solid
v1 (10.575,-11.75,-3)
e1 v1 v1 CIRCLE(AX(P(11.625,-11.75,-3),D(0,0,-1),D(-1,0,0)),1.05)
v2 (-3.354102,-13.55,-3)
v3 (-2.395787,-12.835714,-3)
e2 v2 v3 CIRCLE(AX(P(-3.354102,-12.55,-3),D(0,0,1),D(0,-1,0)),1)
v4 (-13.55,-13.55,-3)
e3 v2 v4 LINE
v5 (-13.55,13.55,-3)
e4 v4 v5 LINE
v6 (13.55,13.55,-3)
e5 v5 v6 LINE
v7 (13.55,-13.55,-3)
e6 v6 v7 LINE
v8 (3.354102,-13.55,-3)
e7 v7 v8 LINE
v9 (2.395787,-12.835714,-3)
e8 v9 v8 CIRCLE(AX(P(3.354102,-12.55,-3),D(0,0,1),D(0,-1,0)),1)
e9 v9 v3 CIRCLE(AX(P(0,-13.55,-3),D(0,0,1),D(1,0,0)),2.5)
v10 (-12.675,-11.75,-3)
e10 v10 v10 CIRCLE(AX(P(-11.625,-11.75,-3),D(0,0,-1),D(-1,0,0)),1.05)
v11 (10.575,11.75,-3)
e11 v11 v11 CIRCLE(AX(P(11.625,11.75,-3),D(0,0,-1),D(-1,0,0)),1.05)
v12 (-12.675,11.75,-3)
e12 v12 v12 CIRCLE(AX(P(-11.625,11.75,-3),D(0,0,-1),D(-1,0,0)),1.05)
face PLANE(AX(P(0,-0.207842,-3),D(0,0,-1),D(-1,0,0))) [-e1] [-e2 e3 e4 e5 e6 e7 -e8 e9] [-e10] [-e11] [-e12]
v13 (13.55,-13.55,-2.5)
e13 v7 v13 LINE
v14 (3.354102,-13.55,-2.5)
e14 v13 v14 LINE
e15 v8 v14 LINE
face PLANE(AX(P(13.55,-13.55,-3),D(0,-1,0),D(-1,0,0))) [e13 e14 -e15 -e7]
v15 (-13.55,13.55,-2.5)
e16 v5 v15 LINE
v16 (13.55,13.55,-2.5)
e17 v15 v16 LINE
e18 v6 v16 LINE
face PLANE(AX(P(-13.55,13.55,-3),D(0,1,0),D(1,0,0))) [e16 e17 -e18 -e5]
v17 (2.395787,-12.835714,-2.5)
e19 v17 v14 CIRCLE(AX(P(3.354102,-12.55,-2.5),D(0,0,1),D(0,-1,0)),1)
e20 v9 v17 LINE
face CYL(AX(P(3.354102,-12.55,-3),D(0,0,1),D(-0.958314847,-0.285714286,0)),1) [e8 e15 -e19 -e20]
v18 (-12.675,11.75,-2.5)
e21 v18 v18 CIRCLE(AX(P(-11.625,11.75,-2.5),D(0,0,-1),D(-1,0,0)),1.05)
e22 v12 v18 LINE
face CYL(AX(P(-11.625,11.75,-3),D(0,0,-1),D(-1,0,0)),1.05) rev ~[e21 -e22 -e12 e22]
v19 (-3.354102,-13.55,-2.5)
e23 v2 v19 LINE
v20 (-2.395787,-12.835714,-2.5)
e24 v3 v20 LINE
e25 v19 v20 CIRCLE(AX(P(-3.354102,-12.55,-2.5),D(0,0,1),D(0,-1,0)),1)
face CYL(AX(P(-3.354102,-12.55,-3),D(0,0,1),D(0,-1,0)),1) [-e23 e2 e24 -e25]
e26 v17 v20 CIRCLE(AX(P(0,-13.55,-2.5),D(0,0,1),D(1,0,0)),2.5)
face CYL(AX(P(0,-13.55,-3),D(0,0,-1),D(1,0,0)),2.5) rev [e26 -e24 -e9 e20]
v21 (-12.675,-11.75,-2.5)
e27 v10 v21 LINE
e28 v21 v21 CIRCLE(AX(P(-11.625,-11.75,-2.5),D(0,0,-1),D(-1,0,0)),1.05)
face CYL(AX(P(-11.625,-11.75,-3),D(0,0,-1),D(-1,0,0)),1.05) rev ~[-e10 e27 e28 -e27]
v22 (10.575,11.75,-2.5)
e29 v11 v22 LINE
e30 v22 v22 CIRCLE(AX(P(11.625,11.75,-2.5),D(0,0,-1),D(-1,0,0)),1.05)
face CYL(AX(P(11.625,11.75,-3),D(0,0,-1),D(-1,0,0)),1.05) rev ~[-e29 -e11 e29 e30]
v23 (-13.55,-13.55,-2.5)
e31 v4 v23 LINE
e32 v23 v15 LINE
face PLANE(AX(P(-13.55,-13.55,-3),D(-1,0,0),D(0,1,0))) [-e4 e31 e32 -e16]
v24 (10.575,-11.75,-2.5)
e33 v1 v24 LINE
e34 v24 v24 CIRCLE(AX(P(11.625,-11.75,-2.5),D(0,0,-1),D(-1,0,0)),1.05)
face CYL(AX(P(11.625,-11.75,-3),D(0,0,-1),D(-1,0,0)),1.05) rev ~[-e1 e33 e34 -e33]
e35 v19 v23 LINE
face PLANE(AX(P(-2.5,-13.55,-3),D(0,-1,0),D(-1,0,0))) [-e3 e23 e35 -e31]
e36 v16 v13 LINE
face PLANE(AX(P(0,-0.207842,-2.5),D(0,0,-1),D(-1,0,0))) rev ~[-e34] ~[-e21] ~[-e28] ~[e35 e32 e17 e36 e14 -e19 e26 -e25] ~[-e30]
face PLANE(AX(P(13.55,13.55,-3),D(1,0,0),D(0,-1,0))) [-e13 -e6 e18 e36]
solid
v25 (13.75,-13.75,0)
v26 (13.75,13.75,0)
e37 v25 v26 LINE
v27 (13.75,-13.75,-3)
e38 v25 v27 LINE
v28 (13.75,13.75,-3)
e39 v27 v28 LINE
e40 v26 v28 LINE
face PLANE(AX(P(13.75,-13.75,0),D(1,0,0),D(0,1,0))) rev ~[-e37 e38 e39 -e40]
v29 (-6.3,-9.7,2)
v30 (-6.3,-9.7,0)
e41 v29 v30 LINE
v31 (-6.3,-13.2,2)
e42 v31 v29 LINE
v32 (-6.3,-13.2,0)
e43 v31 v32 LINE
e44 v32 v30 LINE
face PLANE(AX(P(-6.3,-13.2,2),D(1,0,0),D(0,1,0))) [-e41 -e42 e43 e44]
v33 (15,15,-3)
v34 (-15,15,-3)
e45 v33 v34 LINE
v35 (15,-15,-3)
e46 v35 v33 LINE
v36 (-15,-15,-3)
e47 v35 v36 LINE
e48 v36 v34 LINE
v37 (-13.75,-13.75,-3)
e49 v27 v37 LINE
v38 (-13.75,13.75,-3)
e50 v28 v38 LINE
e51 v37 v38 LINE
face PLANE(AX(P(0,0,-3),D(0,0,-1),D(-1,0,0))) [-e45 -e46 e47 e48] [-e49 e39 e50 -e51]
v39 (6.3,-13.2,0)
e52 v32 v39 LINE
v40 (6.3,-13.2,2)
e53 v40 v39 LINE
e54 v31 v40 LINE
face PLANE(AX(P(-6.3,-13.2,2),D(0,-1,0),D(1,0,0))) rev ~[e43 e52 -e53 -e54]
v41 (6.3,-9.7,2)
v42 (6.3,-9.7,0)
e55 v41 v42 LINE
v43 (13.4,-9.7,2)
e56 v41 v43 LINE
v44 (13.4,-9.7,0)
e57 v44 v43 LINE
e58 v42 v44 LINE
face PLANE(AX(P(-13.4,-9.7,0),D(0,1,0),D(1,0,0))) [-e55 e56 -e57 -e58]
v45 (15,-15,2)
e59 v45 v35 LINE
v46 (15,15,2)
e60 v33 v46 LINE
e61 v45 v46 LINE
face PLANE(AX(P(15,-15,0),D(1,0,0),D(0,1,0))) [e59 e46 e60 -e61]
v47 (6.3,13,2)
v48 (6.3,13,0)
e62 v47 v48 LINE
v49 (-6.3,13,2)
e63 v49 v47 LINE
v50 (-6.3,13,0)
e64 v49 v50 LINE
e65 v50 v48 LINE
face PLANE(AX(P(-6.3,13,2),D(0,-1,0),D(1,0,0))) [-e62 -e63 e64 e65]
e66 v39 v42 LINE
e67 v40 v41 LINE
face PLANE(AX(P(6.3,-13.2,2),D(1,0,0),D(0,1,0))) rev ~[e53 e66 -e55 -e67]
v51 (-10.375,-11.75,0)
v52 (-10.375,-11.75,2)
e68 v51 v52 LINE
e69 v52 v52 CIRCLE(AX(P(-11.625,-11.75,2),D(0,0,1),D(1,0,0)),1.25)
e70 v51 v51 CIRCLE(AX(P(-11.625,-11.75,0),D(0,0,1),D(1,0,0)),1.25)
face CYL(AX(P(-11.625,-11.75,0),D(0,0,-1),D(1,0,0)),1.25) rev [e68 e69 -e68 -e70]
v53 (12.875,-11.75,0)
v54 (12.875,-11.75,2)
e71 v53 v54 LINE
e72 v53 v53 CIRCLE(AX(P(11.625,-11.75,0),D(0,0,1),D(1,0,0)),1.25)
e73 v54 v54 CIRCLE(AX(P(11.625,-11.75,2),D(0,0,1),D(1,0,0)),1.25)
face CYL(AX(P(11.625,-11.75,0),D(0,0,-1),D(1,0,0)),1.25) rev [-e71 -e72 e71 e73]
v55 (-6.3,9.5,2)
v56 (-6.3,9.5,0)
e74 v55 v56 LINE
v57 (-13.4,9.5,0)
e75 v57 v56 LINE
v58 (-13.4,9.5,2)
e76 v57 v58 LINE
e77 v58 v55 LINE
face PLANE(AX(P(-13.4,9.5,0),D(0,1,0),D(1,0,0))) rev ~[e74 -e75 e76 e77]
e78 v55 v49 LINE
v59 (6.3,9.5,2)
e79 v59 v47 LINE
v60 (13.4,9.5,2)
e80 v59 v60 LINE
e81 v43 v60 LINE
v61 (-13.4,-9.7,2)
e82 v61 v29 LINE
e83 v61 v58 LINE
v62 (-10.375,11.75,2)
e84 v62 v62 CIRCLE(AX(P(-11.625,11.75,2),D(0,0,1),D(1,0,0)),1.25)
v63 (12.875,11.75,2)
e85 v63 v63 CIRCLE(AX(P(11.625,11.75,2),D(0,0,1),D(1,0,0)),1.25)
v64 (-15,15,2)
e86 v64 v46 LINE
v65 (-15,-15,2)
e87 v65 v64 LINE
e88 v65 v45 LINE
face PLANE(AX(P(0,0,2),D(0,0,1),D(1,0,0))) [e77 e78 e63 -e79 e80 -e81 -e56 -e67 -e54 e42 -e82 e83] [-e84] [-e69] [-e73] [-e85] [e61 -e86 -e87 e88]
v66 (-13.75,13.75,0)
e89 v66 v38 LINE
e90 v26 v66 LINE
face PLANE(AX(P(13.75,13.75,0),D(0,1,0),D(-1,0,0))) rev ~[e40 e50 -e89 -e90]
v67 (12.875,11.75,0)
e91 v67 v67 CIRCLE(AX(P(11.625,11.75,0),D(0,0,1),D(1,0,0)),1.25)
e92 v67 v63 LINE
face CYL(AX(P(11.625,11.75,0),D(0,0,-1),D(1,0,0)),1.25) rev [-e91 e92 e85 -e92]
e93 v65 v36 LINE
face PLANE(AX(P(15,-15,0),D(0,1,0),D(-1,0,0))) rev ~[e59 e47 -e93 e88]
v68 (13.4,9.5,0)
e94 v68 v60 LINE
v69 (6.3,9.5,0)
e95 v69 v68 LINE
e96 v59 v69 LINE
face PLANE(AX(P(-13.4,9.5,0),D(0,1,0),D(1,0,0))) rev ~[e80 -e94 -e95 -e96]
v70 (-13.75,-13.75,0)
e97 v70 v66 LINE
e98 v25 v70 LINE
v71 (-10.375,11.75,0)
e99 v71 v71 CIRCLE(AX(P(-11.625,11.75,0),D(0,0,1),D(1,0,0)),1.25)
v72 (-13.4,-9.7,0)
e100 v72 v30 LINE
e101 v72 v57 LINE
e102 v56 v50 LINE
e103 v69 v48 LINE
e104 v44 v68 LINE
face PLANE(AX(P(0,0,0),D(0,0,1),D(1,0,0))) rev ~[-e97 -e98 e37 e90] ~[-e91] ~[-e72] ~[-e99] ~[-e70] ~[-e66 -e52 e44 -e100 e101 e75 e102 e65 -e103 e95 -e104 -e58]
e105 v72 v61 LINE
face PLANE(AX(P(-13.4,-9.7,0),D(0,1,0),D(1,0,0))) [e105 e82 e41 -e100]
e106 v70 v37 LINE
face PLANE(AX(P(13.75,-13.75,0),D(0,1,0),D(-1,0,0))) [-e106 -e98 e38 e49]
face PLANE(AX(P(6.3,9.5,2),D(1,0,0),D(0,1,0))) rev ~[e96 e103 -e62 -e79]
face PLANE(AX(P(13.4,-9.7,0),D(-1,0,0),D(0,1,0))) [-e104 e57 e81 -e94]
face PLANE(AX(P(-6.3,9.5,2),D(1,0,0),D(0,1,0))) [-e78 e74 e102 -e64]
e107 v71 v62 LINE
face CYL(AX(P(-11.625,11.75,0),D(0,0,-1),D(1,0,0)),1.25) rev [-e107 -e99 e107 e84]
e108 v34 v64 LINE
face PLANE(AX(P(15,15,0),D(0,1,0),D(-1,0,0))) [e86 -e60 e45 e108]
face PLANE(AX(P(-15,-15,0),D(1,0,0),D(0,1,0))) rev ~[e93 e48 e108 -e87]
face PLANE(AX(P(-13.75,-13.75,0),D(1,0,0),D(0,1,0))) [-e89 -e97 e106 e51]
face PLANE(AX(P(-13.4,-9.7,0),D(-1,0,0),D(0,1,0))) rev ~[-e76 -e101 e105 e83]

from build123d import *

# Parameters (mm, degrees)
SKETCH1_W           = 30
SKETCH1_H           = 30
SKETCH1_R           = 1.25
SKETCH1_W_2         = 26.8
SKETCH1_H_2         = 19.2
BOSS_EXTRUDE1_DEPTH = 2
SKETCH2_W           = 12.6
SKETCH2_H           = 3.5
CUT_EXTRUDE1_DEPTH  = 3
SKETCH3_W           = 30
SKETCH3_H           = 30
SKETCH3_W_2         = 27.5
SKETCH3_H_2         = 27.5
BOSS_EXTRUDE3_DEPTH = 3
SKETCH4_R           = 1.05
BOSS_EXTRUDE4_DEPTH = 0.5
FILLET1_R           = 1


with BuildPart() as part:
    # Sketch1 → Boss-Extrude1 (new body)
    with BuildSketch(Plane.XY):
        Rectangle(SKETCH1_W, SKETCH1_H)
        with Locations((-11.625, 11.75)):
            Circle(SKETCH1_R, mode=Mode.SUBTRACT)
        with Locations((11.625, 11.75)):
            Circle(SKETCH1_R, mode=Mode.SUBTRACT)
        with Locations((11.625, -11.75)):
            Circle(SKETCH1_R, mode=Mode.SUBTRACT)
        with Locations((-11.625, -11.75)):
            Circle(SKETCH1_R, mode=Mode.SUBTRACT)
        with Locations((0, -0.1)):
            Rectangle(SKETCH1_W_2, SKETCH1_H_2, mode=Mode.SUBTRACT)
    extrude(amount=BOSS_EXTRUDE1_DEPTH)

    # Sketch2 → Cut-Extrude1 (cut)
    with BuildSketch(Plane.XY.offset(2)):
        with Locations((0, -11.45)):
            Rectangle(SKETCH2_W, SKETCH2_H)
        with Locations((0, 11.25)):
            Rectangle(SKETCH2_W, SKETCH2_H)
    extrude(amount=-CUT_EXTRUDE1_DEPTH, mode=Mode.SUBTRACT)

    # Sketch3 → Boss-Extrude3 (add)
    with BuildSketch(Plane(origin=(0, 0, 0), x_dir=(-1, 0, 0), z_dir=(0, 0, -1))):
        Rectangle(SKETCH3_W, SKETCH3_H)
        Rectangle(SKETCH3_W_2, SKETCH3_H_2, mode=Mode.SUBTRACT)
    extrude(amount=BOSS_EXTRUDE3_DEPTH)


with BuildPart() as body_2:
    # Sketch4 → Boss-Extrude4 (new body)
    with BuildSketch(Plane(origin=(0, 0, -3), x_dir=(-1, 0, 0), z_dir=(0, 0, -1))):
        with BuildLine():
            Line((2.5, -13.55), (13.55, -13.55))
            Line((13.55, -13.55), (13.55, 13.55))
            Line((13.55, 13.55), (-13.55, 13.55))
            Line((-13.55, 13.55), (-13.55, -13.55))
            Line((-13.55, -13.55), (-2.5, -13.55))
            ThreePointArc((-2.5, -13.55), (0, -11.05), (2.5, -13.55))
        make_face()
        with Locations((-11.625, 11.75)):
            Circle(SKETCH4_R, mode=Mode.SUBTRACT)
        with Locations((11.625, 11.75)):
            Circle(SKETCH4_R, mode=Mode.SUBTRACT)
        with Locations((-11.625, -11.75)):
            Circle(SKETCH4_R, mode=Mode.SUBTRACT)
        with Locations((11.625, -11.75)):
            Circle(SKETCH4_R, mode=Mode.SUBTRACT)
    extrude(amount=-BOSS_EXTRUDE4_DEPTH)

    # Fillet1
    fillet1_edges = [body_2.edges().sort_by_distance(p)[0] for p in [
        (2.5, -13.55, -2.75),
        (-2.5, -13.55, -2.75),
    ]]
    fillet(fillet1_edges, radius=FILLET1_R)


solid = Compound([part.part, body_2.part])
